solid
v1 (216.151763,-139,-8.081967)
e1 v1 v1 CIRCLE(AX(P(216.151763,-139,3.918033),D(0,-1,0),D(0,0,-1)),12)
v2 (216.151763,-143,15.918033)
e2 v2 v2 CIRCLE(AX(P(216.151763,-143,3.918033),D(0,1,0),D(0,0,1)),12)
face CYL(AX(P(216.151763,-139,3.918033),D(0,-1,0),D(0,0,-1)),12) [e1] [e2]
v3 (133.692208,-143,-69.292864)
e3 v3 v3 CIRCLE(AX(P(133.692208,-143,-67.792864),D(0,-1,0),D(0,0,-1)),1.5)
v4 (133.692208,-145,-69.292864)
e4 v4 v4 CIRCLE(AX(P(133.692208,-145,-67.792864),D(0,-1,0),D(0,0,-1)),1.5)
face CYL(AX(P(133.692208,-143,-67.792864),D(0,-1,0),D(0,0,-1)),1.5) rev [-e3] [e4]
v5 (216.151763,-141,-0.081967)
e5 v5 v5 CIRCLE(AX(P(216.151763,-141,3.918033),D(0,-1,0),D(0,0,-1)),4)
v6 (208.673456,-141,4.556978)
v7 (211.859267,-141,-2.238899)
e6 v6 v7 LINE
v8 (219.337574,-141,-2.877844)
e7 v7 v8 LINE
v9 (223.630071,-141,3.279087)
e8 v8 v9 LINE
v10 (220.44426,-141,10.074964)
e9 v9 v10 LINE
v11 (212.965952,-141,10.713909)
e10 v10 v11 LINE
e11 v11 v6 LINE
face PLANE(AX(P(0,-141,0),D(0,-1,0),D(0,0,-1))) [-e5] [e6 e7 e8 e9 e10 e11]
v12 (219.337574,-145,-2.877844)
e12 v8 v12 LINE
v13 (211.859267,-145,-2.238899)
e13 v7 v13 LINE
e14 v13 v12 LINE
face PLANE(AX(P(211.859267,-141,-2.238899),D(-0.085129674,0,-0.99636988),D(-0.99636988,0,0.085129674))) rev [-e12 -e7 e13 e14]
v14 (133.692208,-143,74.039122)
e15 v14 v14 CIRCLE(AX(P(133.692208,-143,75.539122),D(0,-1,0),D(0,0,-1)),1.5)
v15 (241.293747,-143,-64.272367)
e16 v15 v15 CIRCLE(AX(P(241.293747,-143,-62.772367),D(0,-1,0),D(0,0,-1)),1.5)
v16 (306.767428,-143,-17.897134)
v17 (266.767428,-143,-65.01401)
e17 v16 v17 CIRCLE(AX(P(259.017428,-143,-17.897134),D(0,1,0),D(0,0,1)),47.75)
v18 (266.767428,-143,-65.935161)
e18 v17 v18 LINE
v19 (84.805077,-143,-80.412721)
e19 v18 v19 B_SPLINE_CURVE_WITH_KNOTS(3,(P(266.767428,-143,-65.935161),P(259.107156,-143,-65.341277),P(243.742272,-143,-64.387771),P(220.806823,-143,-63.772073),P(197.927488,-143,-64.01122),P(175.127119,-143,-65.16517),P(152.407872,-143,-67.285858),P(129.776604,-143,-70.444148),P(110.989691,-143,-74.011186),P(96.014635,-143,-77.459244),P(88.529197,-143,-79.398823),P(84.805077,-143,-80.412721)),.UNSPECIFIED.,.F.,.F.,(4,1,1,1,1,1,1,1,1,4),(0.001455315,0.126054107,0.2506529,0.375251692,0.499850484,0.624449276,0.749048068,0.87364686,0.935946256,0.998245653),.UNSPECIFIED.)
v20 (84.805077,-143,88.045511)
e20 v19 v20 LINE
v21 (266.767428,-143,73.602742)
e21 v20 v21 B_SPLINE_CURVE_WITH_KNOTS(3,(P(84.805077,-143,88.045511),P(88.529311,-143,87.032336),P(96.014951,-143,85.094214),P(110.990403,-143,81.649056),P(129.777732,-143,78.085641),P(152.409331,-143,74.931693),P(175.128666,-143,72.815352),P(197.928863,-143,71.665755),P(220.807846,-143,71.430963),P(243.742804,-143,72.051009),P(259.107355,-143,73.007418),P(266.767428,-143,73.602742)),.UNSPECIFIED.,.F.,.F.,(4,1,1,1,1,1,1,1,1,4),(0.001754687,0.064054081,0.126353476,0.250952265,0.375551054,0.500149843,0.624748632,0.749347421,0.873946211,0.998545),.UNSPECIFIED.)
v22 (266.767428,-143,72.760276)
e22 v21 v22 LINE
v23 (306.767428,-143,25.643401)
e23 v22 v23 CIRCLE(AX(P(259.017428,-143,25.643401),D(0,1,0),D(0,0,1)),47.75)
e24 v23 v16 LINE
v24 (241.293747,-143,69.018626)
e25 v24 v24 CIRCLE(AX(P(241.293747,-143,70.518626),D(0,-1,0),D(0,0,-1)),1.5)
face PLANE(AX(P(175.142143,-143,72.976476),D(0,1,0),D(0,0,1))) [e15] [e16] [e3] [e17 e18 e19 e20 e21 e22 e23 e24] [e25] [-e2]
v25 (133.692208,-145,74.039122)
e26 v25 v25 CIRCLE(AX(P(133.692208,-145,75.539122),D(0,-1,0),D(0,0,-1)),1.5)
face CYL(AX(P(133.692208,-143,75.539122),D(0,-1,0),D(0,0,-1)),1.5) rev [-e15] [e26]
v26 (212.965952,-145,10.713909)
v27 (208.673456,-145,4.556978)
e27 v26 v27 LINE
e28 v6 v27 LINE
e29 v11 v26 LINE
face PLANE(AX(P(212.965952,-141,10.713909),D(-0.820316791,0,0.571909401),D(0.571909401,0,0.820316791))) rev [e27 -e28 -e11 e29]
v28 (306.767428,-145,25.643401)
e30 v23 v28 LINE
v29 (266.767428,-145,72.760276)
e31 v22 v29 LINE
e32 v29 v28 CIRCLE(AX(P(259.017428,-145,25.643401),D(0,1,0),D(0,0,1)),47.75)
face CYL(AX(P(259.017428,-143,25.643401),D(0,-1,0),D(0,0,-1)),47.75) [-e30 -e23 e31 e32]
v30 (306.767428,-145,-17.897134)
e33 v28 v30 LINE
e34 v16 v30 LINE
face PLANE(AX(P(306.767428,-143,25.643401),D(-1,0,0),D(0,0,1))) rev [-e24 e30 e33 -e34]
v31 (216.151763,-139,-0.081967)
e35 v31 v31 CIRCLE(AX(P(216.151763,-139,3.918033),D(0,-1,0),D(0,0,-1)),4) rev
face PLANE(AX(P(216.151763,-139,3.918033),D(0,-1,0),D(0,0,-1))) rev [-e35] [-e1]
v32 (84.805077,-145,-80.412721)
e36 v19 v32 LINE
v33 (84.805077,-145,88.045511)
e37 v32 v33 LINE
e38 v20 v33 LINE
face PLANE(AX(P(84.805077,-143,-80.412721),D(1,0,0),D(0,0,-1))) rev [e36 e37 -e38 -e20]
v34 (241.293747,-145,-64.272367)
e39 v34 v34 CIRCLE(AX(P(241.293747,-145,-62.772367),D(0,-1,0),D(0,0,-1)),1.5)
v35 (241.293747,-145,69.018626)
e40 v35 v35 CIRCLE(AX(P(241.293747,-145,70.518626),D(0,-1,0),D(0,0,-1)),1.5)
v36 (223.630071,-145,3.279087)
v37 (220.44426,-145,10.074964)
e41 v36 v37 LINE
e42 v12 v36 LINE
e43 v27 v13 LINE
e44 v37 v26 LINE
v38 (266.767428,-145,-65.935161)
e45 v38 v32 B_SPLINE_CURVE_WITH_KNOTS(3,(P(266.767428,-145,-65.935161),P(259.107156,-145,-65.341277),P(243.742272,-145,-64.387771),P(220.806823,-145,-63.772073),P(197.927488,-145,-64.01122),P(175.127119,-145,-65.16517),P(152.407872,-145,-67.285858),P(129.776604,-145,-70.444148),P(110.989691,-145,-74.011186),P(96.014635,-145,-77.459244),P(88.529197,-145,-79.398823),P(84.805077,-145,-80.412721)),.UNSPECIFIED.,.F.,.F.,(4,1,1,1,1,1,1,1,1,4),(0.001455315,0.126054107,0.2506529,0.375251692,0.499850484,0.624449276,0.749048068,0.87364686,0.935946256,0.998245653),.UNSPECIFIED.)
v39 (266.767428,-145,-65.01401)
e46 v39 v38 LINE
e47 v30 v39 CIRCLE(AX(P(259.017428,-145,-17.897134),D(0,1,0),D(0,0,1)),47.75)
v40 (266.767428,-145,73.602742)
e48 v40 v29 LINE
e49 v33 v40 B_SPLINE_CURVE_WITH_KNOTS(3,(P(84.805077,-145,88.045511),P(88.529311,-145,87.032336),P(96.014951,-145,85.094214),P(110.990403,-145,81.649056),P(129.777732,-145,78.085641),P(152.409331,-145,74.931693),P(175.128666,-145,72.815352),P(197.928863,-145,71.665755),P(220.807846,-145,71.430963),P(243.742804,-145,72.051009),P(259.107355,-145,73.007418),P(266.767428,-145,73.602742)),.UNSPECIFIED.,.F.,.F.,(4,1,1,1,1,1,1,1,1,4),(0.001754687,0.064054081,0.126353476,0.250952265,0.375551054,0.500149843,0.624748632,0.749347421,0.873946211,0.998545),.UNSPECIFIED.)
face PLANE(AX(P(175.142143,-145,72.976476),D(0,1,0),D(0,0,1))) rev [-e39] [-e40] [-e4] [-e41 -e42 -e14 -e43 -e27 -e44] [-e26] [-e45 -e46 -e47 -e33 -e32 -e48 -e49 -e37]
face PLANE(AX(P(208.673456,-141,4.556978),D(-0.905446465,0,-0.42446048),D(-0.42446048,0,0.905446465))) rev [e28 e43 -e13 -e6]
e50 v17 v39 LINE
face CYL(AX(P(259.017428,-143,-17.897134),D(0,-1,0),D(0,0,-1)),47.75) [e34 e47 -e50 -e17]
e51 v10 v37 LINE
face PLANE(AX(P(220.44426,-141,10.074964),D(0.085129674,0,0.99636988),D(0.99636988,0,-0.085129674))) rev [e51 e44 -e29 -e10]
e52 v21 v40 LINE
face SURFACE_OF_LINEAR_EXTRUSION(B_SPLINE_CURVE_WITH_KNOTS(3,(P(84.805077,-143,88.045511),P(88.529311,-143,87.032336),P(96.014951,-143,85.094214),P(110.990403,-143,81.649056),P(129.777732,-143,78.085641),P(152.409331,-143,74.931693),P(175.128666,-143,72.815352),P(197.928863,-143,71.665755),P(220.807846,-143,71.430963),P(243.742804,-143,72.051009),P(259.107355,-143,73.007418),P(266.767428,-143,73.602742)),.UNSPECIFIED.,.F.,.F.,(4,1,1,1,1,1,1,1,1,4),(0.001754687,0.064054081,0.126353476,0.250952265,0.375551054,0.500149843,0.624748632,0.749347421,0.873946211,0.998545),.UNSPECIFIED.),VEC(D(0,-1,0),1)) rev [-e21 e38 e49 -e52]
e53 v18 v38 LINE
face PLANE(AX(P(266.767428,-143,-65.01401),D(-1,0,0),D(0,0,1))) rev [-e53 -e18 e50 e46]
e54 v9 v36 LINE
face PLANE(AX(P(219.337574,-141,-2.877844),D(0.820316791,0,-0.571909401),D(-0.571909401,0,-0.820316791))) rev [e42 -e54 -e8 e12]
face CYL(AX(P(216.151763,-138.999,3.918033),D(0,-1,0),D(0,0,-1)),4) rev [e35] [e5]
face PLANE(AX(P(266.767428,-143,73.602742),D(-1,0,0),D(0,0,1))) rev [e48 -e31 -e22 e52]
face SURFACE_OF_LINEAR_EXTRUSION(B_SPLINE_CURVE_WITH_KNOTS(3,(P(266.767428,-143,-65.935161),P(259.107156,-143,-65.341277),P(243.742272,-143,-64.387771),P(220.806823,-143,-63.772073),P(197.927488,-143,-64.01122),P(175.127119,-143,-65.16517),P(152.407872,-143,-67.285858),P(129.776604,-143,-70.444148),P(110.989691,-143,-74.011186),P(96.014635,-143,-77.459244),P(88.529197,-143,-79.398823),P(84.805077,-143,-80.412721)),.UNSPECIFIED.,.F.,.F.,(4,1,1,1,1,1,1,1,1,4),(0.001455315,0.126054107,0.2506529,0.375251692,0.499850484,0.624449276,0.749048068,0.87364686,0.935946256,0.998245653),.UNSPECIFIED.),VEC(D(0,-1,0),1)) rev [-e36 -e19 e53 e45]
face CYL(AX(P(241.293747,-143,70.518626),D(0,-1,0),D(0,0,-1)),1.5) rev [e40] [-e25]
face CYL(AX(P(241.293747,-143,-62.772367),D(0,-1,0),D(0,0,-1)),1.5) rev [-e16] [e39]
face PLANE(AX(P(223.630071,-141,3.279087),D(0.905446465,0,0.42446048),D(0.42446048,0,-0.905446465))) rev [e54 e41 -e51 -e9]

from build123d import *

# Parameters (mm, degrees)
BOSS_EXTRUDE3_DEPTH = 2
SKETCH5_R           = 1.5
CUT_EXTRUDE1_DEPTH  = 2
SKETCH7_R           = 12
BOSS_EXTRUDE4_DEPTH = 6
CUT_EXTRUDE2_DEPTH  = 4
CUT_EXTRUDE3_REACH  = 321.177
SKETCH9_R           = 4


with BuildPart() as part:
    # Sketch2 → Boss-Extrude3 (new body)
    with BuildSketch(Plane(origin=(0, -145, 0), x_dir=(1, 0, 0), z_dir=(0, 1, 0))):
        with BuildLine():
            Line((266.76742756, -73.602742484), (266.76742756, -72.760276474))
            ThreePointArc((266.76742756, -72.760276474), (295.4188355, -56.546474798), (306.76742756, -25.643400517))
            Line((306.76742756, -25.643400517), (306.76742756, 17.897133595))
            ThreePointArc((306.76742756, 17.897133595), (295.4188355, 48.800207875), (266.76742756, 65.014009552))
            Line((266.76742756, 65.014009552), (266.76742756, 65.935160893))
            add(Edge.make_bspline(
                [(266.76742756, 65.935160893), (259.107155635, 65.341277023), (243.742271939, 64.387770992), (220.806823342, 63.7720731), (197.927488127, 64.011220421), (175.127118785, 65.165170469), (152.40787224, 67.285858288), (129.776603883, 70.444148029), (110.989691022, 74.011185897), (96.0146349, 77.459243676), (88.529196958, 79.398823116), (84.805077121, 80.412721287)],
                knots=[0.001455315, 0.001455315, 0.001455315, 0.001455315, 0.126054107, 0.2506529, 0.375251692, 0.499850484, 0.624449276, 0.749048068, 0.87364686, 0.935946256, 0.998245653, 0.998245653, 0.998245653, 0.998245653], degree=3))
            Line((84.805077121, 80.412721287), (84.805077121, -88.045510644))
            add(Edge.make_bspline(
                [(84.805077121, -88.045510644), (88.529310634, -87.032335524), (96.014951065, -85.094214441), (110.990402818, -81.649056168), (129.777732342, -78.085640943), (152.409330828, -74.931693387), (175.128665838, -72.815352211), (197.928863022, -71.6657552), (220.807845871, -71.43096305), (243.742803934, -72.051009048), (259.107355476, -73.007418463), (266.76742756, -73.602742484)],
                knots=[0.001754687, 0.001754687, 0.001754687, 0.001754687, 0.064054081, 0.126353476, 0.250952265, 0.375551054, 0.500149843, 0.624748632, 0.749347421, 0.873946211, 0.998545, 0.998545, 0.998545, 0.998545], degree=3))
        make_face()
    extrude(amount=BOSS_EXTRUDE3_DEPTH)

    # Sketch5 → Cut-Extrude1 (cut)
    with BuildSketch(Plane.XZ.offset(145)):
        with Locations((241.293747278, 70.518625741)):
            Circle(SKETCH5_R)
        with Locations((133.692207926, 75.539122499)):
            Circle(SKETCH5_R)
        with Locations((133.692207926, -67.792864213)):
            Circle(SKETCH5_R)
        with Locations((241.293747278, -62.772367455)):
            Circle(SKETCH5_R)
    extrude(amount=-CUT_EXTRUDE1_DEPTH, mode=Mode.SUBTRACT)

    # Sketch7 → Boss-Extrude4 (add)
    with BuildSketch(Plane.XZ.offset(145)):
        with Locations((216.15176331, 3.918032565)):
            Circle(SKETCH7_R)
    extrude(amount=-BOSS_EXTRUDE4_DEPTH)

    # Sketch8 → Cut-Extrude2 (cut)
    with BuildSketch(Plane.XZ.offset(145)):
        Polygon((219.337574148, -2.87784432), (223.630070752, 3.279087239), (220.444259915, 10.074964125), (212.965952472, 10.71390945), (208.673455868, 4.556977891), (211.859266705, -2.238898995), align=None)
    extrude(amount=-CUT_EXTRUDE2_DEPTH, mode=Mode.SUBTRACT)

    # Sketch9 → Cut-Extrude3 (cut, up to next)
    with BuildSketch(Plane.XZ.offset(141), mode=Mode.PRIVATE) as cut_extrude3_sk1:
        with Locations((216.15176331, 3.918032565)):
            Circle(SKETCH9_R)
    cut_extrude3_tool1 = extrude(cut_extrude3_sk1.sketch, amount=-CUT_EXTRUDE3_REACH, mode=Mode.PRIVATE) & part.part
    add(cut_extrude3_tool1.solids().sort_by_distance((216.151763, -141, 3.918033))[0], mode=Mode.SUBTRACT)


solid = part.part
